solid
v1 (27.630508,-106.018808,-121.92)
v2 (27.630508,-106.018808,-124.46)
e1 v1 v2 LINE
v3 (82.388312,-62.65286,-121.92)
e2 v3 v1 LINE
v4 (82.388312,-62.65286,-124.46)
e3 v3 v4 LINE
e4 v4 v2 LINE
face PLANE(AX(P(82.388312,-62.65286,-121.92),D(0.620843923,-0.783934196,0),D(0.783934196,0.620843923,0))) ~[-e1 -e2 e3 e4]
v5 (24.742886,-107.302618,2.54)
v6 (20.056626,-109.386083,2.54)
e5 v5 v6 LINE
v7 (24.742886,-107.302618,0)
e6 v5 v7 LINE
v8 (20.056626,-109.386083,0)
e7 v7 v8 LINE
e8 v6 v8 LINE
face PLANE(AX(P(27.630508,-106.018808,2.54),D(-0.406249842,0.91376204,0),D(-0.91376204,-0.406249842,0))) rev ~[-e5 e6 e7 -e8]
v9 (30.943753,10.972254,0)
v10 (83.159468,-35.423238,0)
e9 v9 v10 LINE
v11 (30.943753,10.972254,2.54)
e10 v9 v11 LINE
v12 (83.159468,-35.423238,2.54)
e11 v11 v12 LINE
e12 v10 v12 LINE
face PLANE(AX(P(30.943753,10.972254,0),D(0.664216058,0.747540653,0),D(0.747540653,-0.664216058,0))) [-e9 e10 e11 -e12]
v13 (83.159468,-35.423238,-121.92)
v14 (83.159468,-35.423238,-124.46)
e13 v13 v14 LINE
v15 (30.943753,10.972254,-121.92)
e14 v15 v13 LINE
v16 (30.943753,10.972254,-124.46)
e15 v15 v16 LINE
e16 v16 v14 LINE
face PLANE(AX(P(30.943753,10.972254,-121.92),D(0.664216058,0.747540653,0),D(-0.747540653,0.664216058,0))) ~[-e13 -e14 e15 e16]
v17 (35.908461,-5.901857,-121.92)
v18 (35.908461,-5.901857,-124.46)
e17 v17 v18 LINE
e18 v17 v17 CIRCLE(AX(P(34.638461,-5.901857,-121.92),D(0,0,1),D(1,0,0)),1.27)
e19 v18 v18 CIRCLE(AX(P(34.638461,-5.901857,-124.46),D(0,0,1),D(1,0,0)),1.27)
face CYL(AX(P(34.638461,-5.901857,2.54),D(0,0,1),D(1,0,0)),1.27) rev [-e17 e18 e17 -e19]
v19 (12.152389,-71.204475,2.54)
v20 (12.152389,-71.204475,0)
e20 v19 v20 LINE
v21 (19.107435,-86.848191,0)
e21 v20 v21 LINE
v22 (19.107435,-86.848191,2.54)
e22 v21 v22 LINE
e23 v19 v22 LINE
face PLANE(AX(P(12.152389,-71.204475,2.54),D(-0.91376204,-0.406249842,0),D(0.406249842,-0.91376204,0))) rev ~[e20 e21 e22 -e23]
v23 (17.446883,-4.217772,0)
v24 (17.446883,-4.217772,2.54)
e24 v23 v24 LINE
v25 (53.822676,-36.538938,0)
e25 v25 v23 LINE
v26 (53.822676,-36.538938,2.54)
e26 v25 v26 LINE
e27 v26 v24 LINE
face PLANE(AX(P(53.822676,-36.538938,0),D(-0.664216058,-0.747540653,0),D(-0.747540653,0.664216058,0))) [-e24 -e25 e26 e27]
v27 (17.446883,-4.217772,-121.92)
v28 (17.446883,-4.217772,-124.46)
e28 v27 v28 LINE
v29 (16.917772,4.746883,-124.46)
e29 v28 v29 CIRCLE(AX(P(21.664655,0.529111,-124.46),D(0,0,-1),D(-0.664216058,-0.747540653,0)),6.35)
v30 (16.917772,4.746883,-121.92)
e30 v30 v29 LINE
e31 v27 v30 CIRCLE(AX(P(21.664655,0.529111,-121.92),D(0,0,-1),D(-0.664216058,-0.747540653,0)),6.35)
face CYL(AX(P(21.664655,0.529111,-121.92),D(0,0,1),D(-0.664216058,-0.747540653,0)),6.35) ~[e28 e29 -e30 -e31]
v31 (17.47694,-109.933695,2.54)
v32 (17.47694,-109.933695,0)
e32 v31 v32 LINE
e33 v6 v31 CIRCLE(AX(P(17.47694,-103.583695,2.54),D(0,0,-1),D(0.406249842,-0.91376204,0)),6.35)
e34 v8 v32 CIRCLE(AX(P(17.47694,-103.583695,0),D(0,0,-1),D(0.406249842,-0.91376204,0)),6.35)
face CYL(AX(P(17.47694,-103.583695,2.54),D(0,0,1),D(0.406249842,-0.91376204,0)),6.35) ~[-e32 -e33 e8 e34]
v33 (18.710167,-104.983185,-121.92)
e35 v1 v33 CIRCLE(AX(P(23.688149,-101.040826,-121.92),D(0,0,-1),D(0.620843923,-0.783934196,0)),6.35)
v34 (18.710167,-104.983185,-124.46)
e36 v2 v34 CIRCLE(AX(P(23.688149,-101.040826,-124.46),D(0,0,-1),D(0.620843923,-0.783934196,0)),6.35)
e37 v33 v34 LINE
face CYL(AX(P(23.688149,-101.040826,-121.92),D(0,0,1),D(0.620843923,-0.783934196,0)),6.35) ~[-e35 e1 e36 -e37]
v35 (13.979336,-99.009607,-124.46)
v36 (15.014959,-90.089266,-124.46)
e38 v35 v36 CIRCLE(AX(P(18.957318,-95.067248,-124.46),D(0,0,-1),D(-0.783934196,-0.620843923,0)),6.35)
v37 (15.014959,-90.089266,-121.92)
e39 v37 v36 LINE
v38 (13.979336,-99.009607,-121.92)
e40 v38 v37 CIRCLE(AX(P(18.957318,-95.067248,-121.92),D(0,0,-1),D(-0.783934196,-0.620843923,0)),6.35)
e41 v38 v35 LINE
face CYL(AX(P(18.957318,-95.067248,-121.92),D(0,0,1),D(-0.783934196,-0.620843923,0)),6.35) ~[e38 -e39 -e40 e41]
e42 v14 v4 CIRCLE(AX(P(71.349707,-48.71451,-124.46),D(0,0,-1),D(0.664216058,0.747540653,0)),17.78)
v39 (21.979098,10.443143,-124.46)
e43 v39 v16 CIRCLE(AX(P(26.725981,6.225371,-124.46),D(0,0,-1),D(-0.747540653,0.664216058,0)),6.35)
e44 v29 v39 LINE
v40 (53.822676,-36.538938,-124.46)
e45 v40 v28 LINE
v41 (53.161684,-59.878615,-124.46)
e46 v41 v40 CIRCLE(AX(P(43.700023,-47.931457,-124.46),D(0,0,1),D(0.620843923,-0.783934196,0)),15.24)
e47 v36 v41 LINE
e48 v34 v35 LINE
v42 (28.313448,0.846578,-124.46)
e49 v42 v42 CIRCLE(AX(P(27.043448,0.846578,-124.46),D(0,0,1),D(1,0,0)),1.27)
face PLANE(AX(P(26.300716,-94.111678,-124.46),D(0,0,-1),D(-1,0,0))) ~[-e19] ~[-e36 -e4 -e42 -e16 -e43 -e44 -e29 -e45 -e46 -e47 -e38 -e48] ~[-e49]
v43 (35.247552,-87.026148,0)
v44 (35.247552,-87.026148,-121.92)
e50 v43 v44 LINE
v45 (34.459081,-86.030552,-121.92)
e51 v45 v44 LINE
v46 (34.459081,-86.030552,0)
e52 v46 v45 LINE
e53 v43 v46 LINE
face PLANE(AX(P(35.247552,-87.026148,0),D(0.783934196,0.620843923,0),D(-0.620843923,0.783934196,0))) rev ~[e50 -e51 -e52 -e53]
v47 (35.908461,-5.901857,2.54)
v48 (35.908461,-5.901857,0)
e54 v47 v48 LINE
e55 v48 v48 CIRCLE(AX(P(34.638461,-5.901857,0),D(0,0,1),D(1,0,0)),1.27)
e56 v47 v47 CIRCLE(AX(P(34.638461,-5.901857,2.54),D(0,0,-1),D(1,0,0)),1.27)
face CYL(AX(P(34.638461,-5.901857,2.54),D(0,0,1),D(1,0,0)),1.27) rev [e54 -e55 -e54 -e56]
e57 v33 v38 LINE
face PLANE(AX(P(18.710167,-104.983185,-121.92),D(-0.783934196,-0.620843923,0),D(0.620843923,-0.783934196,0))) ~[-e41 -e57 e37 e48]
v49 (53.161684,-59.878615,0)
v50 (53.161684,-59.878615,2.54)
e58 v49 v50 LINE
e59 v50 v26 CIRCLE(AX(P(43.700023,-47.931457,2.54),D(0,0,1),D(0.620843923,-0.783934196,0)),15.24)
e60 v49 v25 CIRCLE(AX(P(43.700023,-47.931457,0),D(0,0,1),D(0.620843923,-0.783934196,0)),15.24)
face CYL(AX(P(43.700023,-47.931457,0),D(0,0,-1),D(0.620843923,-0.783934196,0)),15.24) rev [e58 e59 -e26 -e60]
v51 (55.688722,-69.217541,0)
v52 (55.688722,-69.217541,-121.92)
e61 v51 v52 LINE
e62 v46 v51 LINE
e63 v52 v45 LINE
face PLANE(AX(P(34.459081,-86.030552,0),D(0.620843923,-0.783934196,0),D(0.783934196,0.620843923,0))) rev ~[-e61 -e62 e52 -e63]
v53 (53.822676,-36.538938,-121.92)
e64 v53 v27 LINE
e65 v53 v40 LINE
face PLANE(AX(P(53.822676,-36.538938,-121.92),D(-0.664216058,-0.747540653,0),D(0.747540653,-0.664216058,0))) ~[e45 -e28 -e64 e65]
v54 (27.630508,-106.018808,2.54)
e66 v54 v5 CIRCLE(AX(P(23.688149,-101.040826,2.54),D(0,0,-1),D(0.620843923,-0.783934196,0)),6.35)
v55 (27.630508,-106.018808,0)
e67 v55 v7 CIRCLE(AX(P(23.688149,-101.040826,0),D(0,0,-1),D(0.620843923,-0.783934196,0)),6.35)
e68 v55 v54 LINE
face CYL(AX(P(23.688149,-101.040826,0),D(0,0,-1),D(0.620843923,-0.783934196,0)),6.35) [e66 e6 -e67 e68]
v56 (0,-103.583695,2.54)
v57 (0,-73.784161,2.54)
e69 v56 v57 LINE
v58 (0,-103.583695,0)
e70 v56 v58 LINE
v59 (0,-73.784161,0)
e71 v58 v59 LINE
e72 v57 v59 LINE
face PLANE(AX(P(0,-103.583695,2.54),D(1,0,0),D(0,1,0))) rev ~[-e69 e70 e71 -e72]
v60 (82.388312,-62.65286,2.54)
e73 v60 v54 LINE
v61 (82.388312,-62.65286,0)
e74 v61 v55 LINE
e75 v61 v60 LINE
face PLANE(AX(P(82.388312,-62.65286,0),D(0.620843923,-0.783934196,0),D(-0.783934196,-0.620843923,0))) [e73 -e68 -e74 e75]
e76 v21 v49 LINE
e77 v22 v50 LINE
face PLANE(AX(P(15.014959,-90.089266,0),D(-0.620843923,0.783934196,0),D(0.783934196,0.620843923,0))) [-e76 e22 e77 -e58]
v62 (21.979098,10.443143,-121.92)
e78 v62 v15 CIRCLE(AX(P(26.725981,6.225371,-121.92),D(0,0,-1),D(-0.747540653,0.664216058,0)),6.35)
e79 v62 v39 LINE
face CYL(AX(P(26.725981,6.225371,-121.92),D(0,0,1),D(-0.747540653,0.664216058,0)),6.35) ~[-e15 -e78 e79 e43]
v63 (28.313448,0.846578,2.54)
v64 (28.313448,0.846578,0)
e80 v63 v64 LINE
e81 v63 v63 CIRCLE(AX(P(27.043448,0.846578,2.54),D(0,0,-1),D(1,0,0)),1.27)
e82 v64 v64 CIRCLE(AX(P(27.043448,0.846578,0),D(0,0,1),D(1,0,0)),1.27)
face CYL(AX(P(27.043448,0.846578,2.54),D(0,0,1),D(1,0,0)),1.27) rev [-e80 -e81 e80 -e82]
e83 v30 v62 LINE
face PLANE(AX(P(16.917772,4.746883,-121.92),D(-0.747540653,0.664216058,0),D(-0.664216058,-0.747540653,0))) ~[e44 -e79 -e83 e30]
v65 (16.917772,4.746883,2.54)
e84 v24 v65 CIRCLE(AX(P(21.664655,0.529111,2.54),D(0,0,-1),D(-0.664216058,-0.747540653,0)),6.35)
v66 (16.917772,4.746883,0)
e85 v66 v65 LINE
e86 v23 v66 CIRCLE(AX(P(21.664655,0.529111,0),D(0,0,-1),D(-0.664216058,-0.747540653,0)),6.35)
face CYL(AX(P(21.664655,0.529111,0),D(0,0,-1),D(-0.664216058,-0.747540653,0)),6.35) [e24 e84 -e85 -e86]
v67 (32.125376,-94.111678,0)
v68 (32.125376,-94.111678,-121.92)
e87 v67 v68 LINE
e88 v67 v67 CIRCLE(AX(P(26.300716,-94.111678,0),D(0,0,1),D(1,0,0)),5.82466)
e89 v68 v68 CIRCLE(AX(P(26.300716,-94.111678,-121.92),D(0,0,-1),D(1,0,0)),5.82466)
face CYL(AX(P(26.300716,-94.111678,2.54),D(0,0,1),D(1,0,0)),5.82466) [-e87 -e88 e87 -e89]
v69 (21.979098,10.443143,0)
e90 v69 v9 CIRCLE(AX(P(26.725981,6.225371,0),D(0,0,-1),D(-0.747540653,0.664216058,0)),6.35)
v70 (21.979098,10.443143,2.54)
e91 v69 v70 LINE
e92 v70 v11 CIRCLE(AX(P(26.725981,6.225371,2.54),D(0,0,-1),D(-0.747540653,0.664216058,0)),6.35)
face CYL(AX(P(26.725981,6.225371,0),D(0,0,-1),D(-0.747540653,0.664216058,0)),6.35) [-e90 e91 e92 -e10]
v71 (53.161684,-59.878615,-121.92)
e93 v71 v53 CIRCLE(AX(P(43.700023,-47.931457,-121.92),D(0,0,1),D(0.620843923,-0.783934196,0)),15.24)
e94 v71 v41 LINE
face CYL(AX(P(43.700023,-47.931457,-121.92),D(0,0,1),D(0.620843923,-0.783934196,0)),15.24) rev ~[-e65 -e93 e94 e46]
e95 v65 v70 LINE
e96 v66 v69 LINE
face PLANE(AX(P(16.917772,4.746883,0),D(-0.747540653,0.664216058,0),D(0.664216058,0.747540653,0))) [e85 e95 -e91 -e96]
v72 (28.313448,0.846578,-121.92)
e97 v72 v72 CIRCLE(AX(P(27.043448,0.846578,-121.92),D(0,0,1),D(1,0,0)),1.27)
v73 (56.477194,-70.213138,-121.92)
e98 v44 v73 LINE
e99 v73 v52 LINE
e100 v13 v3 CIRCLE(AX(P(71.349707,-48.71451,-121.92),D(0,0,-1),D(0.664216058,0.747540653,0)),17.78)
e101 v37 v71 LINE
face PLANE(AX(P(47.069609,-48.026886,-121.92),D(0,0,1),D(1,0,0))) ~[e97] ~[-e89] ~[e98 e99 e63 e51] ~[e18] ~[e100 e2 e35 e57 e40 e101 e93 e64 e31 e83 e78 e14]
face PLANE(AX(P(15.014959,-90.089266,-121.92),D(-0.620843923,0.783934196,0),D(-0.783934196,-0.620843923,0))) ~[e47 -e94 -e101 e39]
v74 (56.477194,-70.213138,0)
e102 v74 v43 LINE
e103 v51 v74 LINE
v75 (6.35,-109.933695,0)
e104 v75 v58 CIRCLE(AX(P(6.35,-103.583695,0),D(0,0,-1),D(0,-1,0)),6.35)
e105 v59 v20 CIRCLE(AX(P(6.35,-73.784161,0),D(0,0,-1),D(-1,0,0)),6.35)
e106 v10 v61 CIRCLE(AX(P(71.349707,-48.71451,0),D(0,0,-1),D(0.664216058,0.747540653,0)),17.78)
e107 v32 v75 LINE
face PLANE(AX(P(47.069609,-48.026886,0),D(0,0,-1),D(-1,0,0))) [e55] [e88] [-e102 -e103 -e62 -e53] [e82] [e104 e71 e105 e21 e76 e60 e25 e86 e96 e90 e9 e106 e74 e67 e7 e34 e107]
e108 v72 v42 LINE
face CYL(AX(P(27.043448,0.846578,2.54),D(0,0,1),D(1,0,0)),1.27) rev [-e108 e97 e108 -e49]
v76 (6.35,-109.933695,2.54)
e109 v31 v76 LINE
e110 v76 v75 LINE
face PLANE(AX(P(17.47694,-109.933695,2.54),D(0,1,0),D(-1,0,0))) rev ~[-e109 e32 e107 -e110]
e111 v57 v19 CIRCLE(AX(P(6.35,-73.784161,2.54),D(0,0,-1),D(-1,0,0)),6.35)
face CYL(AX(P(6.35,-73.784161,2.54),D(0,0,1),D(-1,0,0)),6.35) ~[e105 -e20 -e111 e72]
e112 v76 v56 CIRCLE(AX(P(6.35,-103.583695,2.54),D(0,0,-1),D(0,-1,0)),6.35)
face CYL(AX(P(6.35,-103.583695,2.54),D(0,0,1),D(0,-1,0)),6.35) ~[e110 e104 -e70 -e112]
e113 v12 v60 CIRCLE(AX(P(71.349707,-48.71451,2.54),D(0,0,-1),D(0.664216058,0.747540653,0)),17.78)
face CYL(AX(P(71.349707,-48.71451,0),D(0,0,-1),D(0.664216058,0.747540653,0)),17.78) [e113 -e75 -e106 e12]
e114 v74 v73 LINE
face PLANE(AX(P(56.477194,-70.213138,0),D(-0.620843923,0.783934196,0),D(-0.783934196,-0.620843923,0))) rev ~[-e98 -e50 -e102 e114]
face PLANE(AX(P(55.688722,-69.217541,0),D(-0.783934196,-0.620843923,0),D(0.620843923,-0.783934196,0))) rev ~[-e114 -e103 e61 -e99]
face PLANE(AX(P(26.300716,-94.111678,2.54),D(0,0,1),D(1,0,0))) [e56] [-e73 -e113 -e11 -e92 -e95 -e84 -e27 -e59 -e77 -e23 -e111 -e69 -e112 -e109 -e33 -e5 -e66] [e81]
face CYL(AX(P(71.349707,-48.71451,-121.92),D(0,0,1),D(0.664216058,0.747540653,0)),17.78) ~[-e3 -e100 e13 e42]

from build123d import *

# Parameters (mm, degrees)
BOSS_EXTRUDE1_DEPTH = 2.54
SKETCH3_R           = 5.824660453
BOSS_EXTRUDE2_DEPTH = 63.5
BOSS_EXTRUDE3_DEPTH = 123.444
SKETCH5_R           = 1.27
CUT_EXTRUDE1_DEPTH  = 189.695241466
BOSS_EXTRUDE5_DEPTH = 2.54


with BuildPart() as part:
    # Sketch2 → Boss-Extrude1 (new body)
    with BuildSketch(Plane.XY):
        with BuildLine():
            Line((30.943753448, 10.972254104), (83.159468074, -35.423237554))
            ThreePointArc((83.159468074, -35.423237554), (89.122580616, -49.217847067), (82.38831151, -62.652860369))
            Line((82.38831151, -62.652860369), (27.63050793, -106.018808383))
            ThreePointArc((27.63050793, -106.018808383), (22.955852809, -107.34845989), (18.710166876, -104.98318515))
            Line((18.710166876, -104.98318515), (13.979336184, -99.009606578))
            ThreePointArc((13.979336184, -99.009606578), (12.649684678, -94.334951456), (15.014959417, -90.089265524))
            Line((15.014959417, -90.089265524), (53.161684307, -59.878614615))
            ThreePointArc((53.161684307, -59.878614615), (58.933914969, -48.362888928), (53.822675647, -36.538937916))
            Line((53.822675647, -36.538937916), (17.446883148, -4.217771969))
            ThreePointArc((17.446883148, -4.217771969), (15.325686693, 0.154973076), (16.917771969, 4.746883148))
            Line((16.917771969, 4.746883148), (21.979098332, 10.443142925))
            ThreePointArc((21.979098332, 10.443142925), (26.351843377, 12.56433938), (30.943753448, 10.972254104))
        make_face()
    boss_extrude1 = extrude(amount=BOSS_EXTRUDE1_DEPTH)

    # Sketch3 → Boss-Extrude2 (add)
    with BuildSketch(Plane.XY.offset(2.54)):
        with Locations((26.300715817, -94.111678043)):
            Circle(SKETCH3_R)
    boss_extrude2 = extrude(amount=-BOSS_EXTRUDE2_DEPTH)

    # Mirror1: Boss-Extrude1, Boss-Extrude2 across plane
    add(boss_extrude1.mirror(Plane(origin=(26.300715817, -94.111678043, -60.96), x_dir=(1, 0, 0), z_dir=(0, 0, 1))))
    add(boss_extrude2.mirror(Plane(origin=(26.300715817, -94.111678043, -60.96), x_dir=(1, 0, 0), z_dir=(0, 0, 1))))

    # Sketch4 → Boss-Extrude3 (add)
    with BuildSketch(Plane(origin=(0, 0, 0), x_dir=(-1, 0, 0), z_dir=(0, 0, -1))):
        Polygon((-35.247552365, -87.026148251), (-34.459080583, -86.030551823), (-55.688722292, -69.2175411), (-56.477194074, -70.213137529), align=None)
    extrude(amount=BOSS_EXTRUDE3_DEPTH)

    # Sketch5 → Cut-Extrude1 (cut, through all)
    with BuildSketch(Plane(origin=(0, 0, 2.54), x_dir=(-1, 0, 0), z_dir=(0, 0, -1))):
        with Locations(Location((-27.043448187, 0.846577886, 0), (0, 0, 180))):
            Circle(SKETCH5_R)
        with Locations(Location((-34.638461223, -5.901857264, 0), (0, 0, 180))):
            Circle(SKETCH5_R)
    extrude(amount=CUT_EXTRUDE1_DEPTH, mode=Mode.SUBTRACT)

    # Sketch7 → Boss-Extrude5 (add)
    with BuildSketch(Plane.XY.offset(2.54)):
        with BuildLine():
            Line((27.63050793, -106.018808383), (20.056626411, -109.386083488))
            ThreePointArc((20.056626411, -109.386083488), (18.795524409, -109.795283294), (17.476939915, -109.933694534))
            Line((17.476939915, -109.933694534), (6.35, -109.933694534))
            ThreePointArc((6.35, -109.933694534), (1.859871939, -108.073822594), (0, -103.583694534))
            Line((0, -103.583694534), (0, -73.78416115))
            ThreePointArc((0, -73.78416115), (5.031415506, -67.57257239), (12.152388955, -71.204474655))
            Line((12.152388955, -71.204474655), (27.63050793, -106.018808383))
        make_face()
    extrude(amount=-BOSS_EXTRUDE5_DEPTH)


solid = part.part
